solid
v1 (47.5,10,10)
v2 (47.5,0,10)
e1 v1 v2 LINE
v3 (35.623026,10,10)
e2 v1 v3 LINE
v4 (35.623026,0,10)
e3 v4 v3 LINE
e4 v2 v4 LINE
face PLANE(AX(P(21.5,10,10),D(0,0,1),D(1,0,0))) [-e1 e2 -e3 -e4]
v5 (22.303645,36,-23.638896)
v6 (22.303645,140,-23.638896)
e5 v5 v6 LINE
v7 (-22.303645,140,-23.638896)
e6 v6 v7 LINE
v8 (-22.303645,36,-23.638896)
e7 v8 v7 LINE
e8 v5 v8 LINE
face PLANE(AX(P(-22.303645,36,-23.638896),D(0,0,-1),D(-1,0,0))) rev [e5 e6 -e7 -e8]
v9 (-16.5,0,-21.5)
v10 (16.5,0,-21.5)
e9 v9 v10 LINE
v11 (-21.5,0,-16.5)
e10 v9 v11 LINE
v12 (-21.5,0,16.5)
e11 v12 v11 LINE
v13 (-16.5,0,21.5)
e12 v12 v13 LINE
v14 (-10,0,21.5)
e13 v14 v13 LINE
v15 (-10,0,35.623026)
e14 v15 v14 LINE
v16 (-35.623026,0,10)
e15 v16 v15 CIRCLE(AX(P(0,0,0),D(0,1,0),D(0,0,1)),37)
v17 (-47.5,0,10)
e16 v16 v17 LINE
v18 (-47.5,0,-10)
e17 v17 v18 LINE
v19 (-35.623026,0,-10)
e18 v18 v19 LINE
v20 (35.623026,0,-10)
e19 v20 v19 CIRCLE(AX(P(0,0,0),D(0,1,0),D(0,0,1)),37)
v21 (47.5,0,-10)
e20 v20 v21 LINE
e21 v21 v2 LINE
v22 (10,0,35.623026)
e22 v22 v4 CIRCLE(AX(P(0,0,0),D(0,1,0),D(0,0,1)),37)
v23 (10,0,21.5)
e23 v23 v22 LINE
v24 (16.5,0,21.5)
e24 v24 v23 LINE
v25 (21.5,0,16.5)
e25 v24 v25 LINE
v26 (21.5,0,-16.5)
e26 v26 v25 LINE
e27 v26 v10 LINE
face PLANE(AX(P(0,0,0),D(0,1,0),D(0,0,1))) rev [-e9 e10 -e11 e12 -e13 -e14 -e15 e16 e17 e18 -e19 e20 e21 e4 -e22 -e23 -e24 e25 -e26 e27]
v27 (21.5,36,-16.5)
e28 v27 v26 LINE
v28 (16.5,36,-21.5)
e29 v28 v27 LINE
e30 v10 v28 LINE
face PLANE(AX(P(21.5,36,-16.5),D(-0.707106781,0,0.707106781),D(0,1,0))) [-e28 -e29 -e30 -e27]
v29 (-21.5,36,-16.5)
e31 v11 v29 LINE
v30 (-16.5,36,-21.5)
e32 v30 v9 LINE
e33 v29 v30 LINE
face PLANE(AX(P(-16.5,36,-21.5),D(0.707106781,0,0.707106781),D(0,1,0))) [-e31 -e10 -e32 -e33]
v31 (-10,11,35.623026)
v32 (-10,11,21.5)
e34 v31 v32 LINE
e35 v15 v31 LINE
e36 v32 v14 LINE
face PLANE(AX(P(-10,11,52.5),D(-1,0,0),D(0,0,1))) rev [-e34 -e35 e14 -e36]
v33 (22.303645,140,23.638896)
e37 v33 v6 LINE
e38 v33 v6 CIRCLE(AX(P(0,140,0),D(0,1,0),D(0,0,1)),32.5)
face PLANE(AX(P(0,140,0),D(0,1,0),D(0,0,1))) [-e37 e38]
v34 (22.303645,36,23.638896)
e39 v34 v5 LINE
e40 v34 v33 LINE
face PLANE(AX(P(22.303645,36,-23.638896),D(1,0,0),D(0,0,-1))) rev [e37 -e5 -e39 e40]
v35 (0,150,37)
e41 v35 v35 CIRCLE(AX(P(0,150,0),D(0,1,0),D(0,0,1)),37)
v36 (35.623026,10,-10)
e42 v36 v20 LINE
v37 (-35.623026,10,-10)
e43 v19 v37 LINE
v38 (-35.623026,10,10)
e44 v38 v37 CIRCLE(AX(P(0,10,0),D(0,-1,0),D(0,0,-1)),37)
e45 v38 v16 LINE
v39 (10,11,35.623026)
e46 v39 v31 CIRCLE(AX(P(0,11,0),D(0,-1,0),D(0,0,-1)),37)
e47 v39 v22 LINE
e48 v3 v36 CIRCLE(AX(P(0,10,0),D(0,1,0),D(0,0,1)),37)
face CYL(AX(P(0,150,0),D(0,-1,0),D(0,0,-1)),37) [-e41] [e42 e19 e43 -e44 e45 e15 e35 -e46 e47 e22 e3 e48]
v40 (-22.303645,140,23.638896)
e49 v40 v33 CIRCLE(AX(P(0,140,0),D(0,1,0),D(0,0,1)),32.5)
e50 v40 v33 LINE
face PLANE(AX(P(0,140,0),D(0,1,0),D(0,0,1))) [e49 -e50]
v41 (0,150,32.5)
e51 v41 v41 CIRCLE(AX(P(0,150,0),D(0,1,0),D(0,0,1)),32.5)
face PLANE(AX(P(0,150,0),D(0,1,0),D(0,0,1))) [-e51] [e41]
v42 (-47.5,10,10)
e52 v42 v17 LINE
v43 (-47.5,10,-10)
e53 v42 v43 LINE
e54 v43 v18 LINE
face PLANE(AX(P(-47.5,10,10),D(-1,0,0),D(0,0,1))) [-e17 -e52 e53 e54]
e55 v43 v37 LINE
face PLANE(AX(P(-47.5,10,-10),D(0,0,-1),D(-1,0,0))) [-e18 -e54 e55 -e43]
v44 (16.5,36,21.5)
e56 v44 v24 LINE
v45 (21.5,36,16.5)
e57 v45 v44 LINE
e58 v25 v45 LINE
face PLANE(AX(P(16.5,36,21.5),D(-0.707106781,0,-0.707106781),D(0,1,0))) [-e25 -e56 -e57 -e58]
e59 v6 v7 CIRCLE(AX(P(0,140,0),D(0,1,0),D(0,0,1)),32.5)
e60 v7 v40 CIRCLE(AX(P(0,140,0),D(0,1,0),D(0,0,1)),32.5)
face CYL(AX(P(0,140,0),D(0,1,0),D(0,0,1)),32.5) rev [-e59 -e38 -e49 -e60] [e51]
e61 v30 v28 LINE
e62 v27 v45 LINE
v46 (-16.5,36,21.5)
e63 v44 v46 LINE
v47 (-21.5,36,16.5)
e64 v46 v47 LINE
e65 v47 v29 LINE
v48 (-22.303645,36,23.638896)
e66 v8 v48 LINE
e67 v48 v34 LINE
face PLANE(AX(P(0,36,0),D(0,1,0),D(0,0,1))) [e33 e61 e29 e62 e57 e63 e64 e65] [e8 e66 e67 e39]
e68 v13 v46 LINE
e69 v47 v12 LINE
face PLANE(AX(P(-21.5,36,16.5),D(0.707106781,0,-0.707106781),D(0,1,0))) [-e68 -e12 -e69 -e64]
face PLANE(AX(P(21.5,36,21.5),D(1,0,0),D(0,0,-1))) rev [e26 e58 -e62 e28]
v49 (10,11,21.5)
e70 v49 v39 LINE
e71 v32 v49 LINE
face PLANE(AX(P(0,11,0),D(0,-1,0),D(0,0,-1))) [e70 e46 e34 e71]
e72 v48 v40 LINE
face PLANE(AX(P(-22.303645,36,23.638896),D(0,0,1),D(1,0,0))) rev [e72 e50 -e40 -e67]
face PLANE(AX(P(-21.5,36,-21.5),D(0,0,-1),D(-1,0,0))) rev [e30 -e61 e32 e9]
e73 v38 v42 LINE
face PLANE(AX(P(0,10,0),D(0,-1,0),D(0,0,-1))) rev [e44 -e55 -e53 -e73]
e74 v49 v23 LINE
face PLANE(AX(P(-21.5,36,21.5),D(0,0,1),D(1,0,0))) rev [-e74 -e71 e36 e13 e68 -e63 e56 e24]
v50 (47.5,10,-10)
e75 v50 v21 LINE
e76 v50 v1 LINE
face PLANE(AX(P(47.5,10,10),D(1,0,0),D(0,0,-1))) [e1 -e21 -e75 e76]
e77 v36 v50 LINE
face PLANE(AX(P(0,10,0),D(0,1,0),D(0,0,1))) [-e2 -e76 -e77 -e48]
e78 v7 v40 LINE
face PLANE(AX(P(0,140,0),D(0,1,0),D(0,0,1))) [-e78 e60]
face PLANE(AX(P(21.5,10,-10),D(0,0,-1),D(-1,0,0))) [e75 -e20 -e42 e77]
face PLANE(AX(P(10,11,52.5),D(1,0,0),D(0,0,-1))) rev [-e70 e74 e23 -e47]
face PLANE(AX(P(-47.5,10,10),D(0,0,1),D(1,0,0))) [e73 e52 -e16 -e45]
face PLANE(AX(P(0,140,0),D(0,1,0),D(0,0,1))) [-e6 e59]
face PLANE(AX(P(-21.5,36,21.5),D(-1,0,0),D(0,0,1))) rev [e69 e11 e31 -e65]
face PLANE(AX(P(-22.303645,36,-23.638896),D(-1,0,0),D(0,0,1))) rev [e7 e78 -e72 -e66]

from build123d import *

# Parameters (mm, degrees)
SKETCH1_R           = 37
BOSS_EXTRUDE1_DEPTH = 150
SKETCH2_W           = 23
SKETCH2_H           = 23
CUT_EXTRUDE1_DEPTH  = 150
SKETCH3_W           = 43
SKETCH3_H           = 43
CUT_EXTRUDE2_DEPTH  = 36
CHAMFER1_SIZE       = 5
SKETCH5_R           = 32.5
CUT_EXTRUDE3_DEPTH  = 10
SKETCH11_W          = 44.607289856
SKETCH11_H          = 47.277792796
CUT_EXTRUDE7_DEPTH  = 104
SKETCH12_W          = 26
SKETCH12_H          = 20
BOSS_EXTRUDE2_DEPTH = 10
SKETCH13_W          = 20
SKETCH13_H          = 31
CUT_EXTRUDE8_DEPTH  = 11


with BuildPart() as part:
    # Sketch1 → Boss-Extrude1 (new body)
    with BuildSketch(Plane(origin=(0, 0, 0), x_dir=(1, 0, 0), z_dir=(0, 1, 0))):
        with Locations(Location((0, 0, 0), (0, 0, 270))):
            Circle(SKETCH1_R)
    extrude(amount=BOSS_EXTRUDE1_DEPTH)

    # Sketch2 → Cut-Extrude1 (cut)
    with BuildSketch(Plane(origin=(0, 150, 0), x_dir=(1, 0, 0), z_dir=(0, 1, 0))):
        Rectangle(SKETCH2_W, SKETCH2_H)
    extrude(amount=-CUT_EXTRUDE1_DEPTH, mode=Mode.SUBTRACT)

    # Sketch3 → Cut-Extrude2 (cut)
    with BuildSketch(Plane.XZ):
        Rectangle(SKETCH3_W, SKETCH3_H)
    extrude(amount=-CUT_EXTRUDE2_DEPTH, mode=Mode.SUBTRACT)

    # Chamfer1
    chamfer1_edges = [part.edges().sort_by_distance(p)[0] for p in [
        (21.5, 18, 21.5),
        (21.5, 18, -21.5),
        (-21.5, 18, -21.5),
        (-21.5, 18, 21.5),
    ]]
    chamfer(chamfer1_edges, length=CHAMFER1_SIZE)

    # Sketch5 → Cut-Extrude3 (cut)
    with BuildSketch(Plane(origin=(0, 150, 0), x_dir=(1, 0, 0), z_dir=(0, 1, 0))):
        with Locations(Location((0, 0, 0), (0, 0, 270))):
            Circle(SKETCH5_R)
    extrude(amount=-CUT_EXTRUDE3_DEPTH, mode=Mode.SUBTRACT)

    # Sketch11 → Cut-Extrude7 (cut)
    with BuildSketch(Plane(origin=(0, 140, 0), x_dir=(1, 0, 0), z_dir=(0, 1, 0))):
        Rectangle(SKETCH11_W, SKETCH11_H)
    extrude(amount=-CUT_EXTRUDE7_DEPTH, mode=Mode.SUBTRACT)

    # Sketch12 → Boss-Extrude2 (add)
    with BuildSketch(Plane.XZ):
        with Locations((-34.5, 0)):
            Rectangle(SKETCH12_W, SKETCH12_H)
        with Locations((34.5, 0)):
            Rectangle(SKETCH12_W, SKETCH12_H)
    extrude(amount=-BOSS_EXTRUDE2_DEPTH)

    # Sketch13 → Cut-Extrude8 (cut)
    with BuildSketch(Plane.XZ):
        with Locations((0, 37)):
            Rectangle(SKETCH13_W, SKETCH13_H)
    extrude(amount=-CUT_EXTRUDE8_DEPTH, mode=Mode.SUBTRACT)


solid = part.part
